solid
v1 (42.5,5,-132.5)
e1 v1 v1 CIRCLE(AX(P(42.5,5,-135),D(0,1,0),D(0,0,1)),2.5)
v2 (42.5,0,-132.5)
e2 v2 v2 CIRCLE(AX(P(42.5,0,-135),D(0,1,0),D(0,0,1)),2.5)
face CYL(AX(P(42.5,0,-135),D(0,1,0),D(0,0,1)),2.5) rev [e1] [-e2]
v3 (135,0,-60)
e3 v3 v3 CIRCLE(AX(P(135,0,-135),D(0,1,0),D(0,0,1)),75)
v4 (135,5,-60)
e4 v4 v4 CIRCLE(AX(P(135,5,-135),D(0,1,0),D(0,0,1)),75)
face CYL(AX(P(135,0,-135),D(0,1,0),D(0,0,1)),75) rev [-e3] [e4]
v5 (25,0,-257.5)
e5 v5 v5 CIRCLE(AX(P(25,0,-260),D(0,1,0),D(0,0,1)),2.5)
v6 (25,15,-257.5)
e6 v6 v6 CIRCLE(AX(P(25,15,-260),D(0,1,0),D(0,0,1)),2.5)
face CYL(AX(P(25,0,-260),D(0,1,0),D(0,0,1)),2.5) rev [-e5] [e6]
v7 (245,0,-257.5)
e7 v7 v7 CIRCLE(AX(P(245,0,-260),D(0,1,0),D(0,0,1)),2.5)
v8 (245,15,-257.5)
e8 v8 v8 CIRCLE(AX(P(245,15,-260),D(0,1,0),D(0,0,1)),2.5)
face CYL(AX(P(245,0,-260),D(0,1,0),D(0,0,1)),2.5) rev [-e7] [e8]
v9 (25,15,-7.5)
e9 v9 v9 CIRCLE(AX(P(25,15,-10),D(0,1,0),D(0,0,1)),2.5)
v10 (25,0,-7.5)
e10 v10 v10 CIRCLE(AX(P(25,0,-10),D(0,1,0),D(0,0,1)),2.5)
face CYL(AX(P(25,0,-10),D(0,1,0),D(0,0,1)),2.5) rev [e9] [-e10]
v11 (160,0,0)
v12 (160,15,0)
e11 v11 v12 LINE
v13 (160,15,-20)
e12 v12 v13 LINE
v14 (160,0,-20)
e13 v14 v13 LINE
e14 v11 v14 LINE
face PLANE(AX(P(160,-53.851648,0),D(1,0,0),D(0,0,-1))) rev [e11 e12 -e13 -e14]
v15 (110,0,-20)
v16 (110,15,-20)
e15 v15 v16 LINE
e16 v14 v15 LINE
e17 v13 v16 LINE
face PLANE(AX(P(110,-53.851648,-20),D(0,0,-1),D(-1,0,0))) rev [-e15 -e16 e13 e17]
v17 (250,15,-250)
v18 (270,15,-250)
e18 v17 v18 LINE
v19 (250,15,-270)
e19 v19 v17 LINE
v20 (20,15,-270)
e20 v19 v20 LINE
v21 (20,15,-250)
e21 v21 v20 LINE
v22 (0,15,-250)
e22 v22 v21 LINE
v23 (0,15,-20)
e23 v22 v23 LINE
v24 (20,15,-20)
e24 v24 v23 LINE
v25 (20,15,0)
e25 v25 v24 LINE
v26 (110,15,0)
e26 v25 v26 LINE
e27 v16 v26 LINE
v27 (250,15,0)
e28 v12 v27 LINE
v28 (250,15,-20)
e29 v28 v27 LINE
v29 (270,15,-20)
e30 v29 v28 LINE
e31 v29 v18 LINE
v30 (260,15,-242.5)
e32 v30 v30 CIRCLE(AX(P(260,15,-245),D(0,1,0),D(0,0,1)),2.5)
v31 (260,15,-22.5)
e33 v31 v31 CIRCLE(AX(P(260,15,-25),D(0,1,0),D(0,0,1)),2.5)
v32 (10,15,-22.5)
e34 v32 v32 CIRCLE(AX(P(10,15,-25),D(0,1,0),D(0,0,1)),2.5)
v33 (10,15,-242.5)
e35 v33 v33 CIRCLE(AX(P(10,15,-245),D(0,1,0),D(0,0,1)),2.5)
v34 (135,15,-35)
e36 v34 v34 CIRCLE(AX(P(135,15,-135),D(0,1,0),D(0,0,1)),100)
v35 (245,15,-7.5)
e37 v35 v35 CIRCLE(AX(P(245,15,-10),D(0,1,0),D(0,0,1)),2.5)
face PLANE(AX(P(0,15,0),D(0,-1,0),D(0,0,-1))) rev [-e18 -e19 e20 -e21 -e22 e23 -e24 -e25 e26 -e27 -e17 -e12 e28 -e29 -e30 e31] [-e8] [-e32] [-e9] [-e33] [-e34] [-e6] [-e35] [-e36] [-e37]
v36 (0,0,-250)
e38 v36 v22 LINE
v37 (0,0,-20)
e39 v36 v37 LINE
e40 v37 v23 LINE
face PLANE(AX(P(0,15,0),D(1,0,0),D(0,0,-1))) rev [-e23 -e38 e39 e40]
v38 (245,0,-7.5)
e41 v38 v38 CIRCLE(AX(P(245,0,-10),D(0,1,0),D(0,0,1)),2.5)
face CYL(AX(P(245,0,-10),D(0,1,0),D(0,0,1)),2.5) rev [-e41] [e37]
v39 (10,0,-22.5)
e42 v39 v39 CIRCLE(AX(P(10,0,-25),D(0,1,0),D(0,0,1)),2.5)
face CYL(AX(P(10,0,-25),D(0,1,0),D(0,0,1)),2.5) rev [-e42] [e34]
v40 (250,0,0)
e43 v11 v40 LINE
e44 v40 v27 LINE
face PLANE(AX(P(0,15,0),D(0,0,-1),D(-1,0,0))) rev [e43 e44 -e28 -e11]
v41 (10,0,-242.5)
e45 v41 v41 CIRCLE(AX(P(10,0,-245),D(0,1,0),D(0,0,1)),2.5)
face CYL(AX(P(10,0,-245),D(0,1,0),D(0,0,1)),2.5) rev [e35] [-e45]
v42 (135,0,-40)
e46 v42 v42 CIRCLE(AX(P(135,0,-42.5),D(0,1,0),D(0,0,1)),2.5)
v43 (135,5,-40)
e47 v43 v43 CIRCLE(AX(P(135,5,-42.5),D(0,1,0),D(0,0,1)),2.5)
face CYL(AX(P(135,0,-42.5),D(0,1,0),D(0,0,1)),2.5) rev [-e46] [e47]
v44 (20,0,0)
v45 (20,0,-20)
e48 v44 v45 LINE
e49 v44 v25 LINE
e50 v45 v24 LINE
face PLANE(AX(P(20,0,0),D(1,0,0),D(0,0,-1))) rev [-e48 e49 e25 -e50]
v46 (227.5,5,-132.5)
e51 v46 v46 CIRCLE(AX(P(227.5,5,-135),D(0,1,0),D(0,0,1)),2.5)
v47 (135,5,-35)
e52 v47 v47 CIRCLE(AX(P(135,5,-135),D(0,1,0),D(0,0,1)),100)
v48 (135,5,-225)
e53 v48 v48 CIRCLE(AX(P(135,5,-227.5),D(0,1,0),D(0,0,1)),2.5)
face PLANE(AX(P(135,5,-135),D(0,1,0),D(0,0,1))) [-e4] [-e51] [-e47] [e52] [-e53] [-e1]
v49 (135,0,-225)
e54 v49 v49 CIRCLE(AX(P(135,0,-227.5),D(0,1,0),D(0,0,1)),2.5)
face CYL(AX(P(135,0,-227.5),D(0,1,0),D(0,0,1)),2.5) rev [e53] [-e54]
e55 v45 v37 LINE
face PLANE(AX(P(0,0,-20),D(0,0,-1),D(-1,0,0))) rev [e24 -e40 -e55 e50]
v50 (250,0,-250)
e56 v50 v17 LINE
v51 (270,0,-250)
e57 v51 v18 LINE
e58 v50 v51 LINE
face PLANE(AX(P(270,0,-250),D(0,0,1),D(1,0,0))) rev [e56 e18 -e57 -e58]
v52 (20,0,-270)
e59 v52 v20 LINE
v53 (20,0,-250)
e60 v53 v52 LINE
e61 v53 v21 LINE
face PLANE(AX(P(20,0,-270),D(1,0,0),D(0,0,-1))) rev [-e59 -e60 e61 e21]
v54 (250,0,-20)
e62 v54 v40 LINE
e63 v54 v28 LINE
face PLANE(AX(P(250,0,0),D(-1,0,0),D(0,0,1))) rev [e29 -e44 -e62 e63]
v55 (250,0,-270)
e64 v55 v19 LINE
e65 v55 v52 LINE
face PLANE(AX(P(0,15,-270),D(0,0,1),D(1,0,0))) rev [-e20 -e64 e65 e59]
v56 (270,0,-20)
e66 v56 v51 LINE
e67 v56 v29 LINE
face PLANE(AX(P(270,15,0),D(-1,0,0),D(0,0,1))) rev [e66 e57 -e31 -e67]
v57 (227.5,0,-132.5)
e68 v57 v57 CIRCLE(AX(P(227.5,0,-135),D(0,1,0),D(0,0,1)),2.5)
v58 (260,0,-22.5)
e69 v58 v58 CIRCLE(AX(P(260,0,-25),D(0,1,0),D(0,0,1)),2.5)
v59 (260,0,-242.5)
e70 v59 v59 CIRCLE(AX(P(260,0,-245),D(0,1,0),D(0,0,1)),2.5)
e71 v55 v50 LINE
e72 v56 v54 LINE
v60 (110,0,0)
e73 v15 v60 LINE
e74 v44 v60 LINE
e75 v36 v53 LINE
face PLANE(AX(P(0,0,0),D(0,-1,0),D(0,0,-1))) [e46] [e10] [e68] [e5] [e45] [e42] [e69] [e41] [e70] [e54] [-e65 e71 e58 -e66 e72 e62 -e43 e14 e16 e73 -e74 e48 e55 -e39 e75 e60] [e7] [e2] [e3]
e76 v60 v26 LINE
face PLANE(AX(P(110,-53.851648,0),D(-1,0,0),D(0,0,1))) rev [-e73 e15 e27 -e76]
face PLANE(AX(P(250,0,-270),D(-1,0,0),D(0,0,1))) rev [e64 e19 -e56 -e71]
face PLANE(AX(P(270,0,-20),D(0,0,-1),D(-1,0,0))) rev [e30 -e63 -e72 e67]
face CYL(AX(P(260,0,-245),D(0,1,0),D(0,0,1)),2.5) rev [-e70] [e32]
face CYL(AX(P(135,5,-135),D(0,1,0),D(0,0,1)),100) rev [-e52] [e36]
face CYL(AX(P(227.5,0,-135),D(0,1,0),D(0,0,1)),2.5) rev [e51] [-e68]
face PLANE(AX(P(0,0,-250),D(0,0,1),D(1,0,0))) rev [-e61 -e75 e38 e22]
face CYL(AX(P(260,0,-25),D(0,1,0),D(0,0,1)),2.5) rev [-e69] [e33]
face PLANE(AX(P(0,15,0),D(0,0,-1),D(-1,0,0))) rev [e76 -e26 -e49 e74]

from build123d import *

# Parameters (mm, degrees)
SKETCH1_W           = 270
SKETCH1_H           = 270
BOSS_EXTRUDE1_DEPTH = 15
SKETCH8_W           = 20
SKETCH8_H           = 20
CUT_EXTRUDE1_DEPTH  = 16
SKETCH9_R           = 2.5
CUT_EXTRUDE2_DEPTH  = 16
SKETCH10_R          = 100
CUT_EXTRUDE3_DEPTH  = 10
SKETCH12_R          = 75
SKETCH12_R_2        = 2.5
CUT_EXTRUDE4_DEPTH  = 6
SKETCH13_W          = 50
SKETCH13_H          = 20
CUT_EXTRUDE5_DEPTH  = 15


with BuildPart() as part:
    # Sketch1 → Boss-Extrude1 (new body)
    with BuildSketch(Plane(origin=(0, 0, 0), x_dir=(1, 0, 0), z_dir=(0, 1, 0))):
        with Locations((135, 135)):
            Rectangle(SKETCH1_W, SKETCH1_H)
    extrude(amount=BOSS_EXTRUDE1_DEPTH)

    # Sketch8 → Cut-Extrude1 (cut, through all)
    with BuildSketch(Plane(origin=(0, 15, 0), x_dir=(1, 0, 0), z_dir=(0, 1, 0))):
        with Locations((10, 260)):
            Rectangle(SKETCH8_W, SKETCH8_H)
        with Locations((260, 260)):
            Rectangle(SKETCH8_W, SKETCH8_H)
        with Locations((260, 10)):
            Rectangle(SKETCH8_W, SKETCH8_H)
        with Locations((10, 10)):
            Rectangle(SKETCH8_W, SKETCH8_H)
    extrude(amount=-CUT_EXTRUDE1_DEPTH, mode=Mode.SUBTRACT)

    # Sketch9 → Cut-Extrude2 (cut, through all)
    with BuildSketch(Plane(origin=(0, 15, 0), x_dir=(1, 0, 0), z_dir=(0, 1, 0))):
        with Locations((10, 245)):
            Circle(SKETCH9_R)
        with Locations((10, 25)):
            Circle(SKETCH9_R)
        with Locations((25, 10)):
            Circle(SKETCH9_R)
        with Locations((245, 10)):
            Circle(SKETCH9_R)
        with Locations((260, 25)):
            Circle(SKETCH9_R)
        with Locations((260, 245)):
            Circle(SKETCH9_R)
        with Locations((245, 260)):
            Circle(SKETCH9_R)
        with Locations((25, 260)):
            Circle(SKETCH9_R)
    extrude(amount=-CUT_EXTRUDE2_DEPTH, mode=Mode.SUBTRACT)

    # Sketch10 → Cut-Extrude3 (cut)
    with BuildSketch(Plane(origin=(0, 15, 0), x_dir=(1, 0, 0), z_dir=(0, 1, 0))):
        with Locations((135, 135)):
            Circle(SKETCH10_R)
    extrude(amount=-CUT_EXTRUDE3_DEPTH, mode=Mode.SUBTRACT)

    # Sketch12 → Cut-Extrude4 (cut, through all)
    with BuildSketch(Plane(origin=(0, 5, 0), x_dir=(1, 0, 0), z_dir=(0, 1, 0))):
        with Locations((135, 135)):
            Circle(SKETCH12_R)
        with Locations((135, 227.5)):
            Circle(SKETCH12_R_2)
        with Locations((227.5, 135)):
            Circle(SKETCH12_R_2)
        with Locations((135, 42.5)):
            Circle(SKETCH12_R_2)
        with Locations((42.5, 135)):
            Circle(SKETCH12_R_2)
    extrude(amount=-CUT_EXTRUDE4_DEPTH, mode=Mode.SUBTRACT)

    # Sketch13 → Cut-Extrude5 (cut)
    with BuildSketch(Plane(origin=(0, 15, 0), x_dir=(1, 0, 0), z_dir=(0, 1, 0))):
        with Locations((135, 10)):
            Rectangle(SKETCH13_W, SKETCH13_H)
    extrude(amount=-CUT_EXTRUDE5_DEPTH, mode=Mode.SUBTRACT)


solid = part.part
